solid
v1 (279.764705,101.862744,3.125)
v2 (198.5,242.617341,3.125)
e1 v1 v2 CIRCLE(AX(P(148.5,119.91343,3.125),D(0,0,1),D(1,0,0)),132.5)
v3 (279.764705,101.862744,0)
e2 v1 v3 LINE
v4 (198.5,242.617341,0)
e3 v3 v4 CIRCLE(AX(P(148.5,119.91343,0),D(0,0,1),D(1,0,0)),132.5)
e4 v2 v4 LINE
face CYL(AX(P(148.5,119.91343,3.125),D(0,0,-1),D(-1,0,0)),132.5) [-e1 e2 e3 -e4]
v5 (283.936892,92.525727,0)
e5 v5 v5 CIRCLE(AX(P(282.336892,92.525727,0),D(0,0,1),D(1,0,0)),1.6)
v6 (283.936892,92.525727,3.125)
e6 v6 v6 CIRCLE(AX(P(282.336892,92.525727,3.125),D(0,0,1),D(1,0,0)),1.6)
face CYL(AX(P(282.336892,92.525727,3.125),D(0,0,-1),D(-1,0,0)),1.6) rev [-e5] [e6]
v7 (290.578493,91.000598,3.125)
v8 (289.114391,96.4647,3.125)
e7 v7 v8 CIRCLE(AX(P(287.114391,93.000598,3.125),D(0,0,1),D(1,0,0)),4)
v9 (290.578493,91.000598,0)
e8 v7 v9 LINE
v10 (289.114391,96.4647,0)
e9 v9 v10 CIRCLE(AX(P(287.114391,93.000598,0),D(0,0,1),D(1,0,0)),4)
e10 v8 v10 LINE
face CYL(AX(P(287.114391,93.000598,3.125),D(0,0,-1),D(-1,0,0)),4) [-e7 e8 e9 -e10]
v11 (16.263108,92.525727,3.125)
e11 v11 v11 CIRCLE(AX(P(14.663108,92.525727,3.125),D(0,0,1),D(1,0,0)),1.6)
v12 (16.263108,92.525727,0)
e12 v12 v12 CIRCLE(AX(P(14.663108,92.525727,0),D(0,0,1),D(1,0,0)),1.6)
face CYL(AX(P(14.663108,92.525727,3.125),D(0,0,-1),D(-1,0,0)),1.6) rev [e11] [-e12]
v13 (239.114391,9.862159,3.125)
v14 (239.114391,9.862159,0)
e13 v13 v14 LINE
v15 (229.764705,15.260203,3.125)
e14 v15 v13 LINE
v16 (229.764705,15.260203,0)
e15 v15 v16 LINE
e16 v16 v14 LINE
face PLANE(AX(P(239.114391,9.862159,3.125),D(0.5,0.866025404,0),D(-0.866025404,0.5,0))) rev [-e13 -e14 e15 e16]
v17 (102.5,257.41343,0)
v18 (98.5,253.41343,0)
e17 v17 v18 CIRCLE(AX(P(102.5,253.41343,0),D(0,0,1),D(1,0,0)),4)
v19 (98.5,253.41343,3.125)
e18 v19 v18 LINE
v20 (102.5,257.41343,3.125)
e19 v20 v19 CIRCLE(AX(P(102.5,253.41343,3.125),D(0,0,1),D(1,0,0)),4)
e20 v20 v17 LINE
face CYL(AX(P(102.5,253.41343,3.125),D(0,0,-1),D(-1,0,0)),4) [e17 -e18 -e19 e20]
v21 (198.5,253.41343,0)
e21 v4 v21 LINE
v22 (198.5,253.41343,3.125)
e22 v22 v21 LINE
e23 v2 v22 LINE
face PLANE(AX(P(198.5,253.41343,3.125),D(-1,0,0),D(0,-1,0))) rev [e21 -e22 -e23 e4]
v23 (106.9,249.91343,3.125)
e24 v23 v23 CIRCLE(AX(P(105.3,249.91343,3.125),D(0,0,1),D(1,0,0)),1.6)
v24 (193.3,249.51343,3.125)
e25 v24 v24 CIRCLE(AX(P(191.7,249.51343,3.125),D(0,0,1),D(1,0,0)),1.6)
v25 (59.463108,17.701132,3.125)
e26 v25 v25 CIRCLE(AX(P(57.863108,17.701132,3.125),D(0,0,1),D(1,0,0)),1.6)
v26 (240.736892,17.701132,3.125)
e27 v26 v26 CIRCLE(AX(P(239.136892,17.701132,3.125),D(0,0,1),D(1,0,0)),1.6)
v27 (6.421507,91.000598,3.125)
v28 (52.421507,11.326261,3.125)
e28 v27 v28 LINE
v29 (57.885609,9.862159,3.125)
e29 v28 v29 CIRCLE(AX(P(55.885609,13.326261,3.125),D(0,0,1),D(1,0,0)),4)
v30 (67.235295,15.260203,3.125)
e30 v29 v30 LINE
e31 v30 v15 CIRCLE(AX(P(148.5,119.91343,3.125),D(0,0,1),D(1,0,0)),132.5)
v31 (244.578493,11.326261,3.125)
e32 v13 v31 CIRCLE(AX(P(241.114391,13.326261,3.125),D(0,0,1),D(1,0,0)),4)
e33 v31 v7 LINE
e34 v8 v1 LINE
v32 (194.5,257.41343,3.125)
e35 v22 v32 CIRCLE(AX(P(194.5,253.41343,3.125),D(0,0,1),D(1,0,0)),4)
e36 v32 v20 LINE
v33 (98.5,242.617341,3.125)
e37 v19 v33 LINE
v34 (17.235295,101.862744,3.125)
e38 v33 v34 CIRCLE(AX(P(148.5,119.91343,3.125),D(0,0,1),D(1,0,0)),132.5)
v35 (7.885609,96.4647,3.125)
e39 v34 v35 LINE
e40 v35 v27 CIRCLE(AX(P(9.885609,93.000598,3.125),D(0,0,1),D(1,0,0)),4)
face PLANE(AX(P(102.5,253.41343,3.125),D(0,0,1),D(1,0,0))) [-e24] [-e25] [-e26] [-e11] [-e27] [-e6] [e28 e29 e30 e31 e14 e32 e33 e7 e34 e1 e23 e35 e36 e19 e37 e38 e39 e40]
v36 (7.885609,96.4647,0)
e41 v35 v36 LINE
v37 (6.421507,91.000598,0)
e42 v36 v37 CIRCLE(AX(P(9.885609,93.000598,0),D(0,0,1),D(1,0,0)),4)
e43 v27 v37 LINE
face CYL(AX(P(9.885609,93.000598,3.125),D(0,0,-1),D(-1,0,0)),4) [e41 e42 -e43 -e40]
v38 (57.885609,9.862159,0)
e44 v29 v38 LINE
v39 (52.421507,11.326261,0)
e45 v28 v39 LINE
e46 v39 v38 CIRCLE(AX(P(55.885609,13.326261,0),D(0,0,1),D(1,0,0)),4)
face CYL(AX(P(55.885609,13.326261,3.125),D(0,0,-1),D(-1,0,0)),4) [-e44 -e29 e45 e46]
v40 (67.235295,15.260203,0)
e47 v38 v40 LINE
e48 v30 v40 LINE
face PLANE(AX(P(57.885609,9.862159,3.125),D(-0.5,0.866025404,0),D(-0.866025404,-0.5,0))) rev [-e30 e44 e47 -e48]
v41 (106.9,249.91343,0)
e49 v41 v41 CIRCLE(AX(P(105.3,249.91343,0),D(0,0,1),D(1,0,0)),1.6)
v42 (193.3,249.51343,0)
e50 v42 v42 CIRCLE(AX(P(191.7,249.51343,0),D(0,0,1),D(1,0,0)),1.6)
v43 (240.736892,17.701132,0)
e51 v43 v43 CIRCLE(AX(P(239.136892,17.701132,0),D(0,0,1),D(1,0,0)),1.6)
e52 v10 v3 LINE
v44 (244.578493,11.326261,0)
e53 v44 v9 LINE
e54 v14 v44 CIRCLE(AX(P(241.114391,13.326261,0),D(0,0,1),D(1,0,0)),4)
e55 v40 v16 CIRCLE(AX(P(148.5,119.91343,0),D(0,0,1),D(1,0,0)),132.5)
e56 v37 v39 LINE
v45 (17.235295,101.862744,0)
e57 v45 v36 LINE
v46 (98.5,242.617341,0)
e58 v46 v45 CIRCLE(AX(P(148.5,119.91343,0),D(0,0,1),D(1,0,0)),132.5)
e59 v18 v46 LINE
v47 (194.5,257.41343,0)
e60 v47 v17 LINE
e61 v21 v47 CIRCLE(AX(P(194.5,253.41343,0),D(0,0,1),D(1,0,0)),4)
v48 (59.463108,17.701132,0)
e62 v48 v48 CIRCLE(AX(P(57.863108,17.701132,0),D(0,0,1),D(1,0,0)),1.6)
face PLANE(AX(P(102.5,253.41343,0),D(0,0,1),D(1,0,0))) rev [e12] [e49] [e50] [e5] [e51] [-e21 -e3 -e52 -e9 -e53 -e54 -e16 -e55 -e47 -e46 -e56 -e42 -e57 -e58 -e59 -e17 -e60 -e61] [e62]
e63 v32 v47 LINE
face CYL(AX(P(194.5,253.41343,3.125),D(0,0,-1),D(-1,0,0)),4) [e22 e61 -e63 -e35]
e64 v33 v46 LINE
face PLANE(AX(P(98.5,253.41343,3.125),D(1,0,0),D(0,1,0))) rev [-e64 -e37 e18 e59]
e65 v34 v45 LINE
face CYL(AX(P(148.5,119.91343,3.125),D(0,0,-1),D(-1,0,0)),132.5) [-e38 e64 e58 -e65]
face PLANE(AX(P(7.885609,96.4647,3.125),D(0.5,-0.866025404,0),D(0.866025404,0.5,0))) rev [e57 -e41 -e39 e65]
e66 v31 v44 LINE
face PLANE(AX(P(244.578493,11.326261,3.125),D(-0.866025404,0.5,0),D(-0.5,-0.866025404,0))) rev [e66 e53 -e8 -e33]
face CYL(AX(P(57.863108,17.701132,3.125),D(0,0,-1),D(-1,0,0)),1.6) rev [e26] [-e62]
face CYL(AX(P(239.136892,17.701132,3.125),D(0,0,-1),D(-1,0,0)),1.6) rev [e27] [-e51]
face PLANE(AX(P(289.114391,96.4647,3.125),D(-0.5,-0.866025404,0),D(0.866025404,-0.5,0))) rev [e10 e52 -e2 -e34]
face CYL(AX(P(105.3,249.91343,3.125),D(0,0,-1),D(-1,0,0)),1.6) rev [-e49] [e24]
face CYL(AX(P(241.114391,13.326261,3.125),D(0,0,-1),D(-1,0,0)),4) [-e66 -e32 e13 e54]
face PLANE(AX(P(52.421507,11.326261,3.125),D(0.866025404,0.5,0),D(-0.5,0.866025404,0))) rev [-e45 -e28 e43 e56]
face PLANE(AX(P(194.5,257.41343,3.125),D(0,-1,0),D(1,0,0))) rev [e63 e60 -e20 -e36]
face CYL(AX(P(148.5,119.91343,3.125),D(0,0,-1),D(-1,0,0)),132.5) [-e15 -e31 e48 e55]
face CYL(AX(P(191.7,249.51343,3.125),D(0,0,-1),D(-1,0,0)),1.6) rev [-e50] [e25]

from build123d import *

# Parameters (mm, degrees)
MODEL_R             = 1.6
BOSS_EXTRUDE1_DEPTH = 3.125


with BuildPart() as part:
    # Model → Boss-Extrude1 (new body)
    with BuildSketch(Plane.XY):
        with BuildLine():
            Line((194.5, 257.413429511), (102.5, 257.413429511))
            ThreePointArc((102.5, 257.413429511), (99.671572875, 256.241856636), (98.5, 253.413429511))
            Line((98.5, 253.413429511), (98.5, 242.617341429))
            ThreePointArc((98.5, 242.617341429), (33.751633999, 186.163429511), (17.235295135, 101.862743741))
            Line((17.235295135, 101.862743741), (7.885608595, 96.4646997))
            ThreePointArc((7.885608595, 96.4646997), (6.02190529, 94.035874265), (6.42150698, 91.000598085))
            Line((6.42150698, 91.000598085), (52.42150698, 11.326260937))
            ThreePointArc((52.42150698, 11.326260937), (54.850332414, 9.462557632), (57.885608595, 9.862159322))
            Line((57.885608595, 9.862159322), (67.235295135, 15.260203363))
            ThreePointArc((67.235295135, 15.260203363), (148.5, -12.586570489), (229.764704865, 15.260203363))
            Line((229.764704865, 15.260203363), (239.114391405, 9.862159322))
            ThreePointArc((239.114391405, 9.862159322), (242.149667586, 9.462557632), (244.57849302, 11.326260937))
            Line((244.57849302, 11.326260937), (290.57849302, 91.000598085))
            ThreePointArc((290.57849302, 91.000598085), (290.97809471, 94.035874265), (289.114391405, 96.4646997))
            Line((289.114391405, 96.4646997), (279.764704865, 101.862743741))
            ThreePointArc((279.764704865, 101.862743741), (263.248366001, 186.163429511), (198.5, 242.617341429))
            Line((198.5, 242.617341429), (198.5, 253.413429511))
            ThreePointArc((198.5, 253.413429511), (197.328427125, 256.241856636), (194.5, 257.413429511))
        make_face()
        with Locations((105.3, 249.913429511)):
            Circle(MODEL_R, mode=Mode.SUBTRACT)
        with Locations((191.7, 249.513429511)):
            Circle(MODEL_R, mode=Mode.SUBTRACT)
        with Locations((282.33689233, 92.525726954)):
            Circle(MODEL_R, mode=Mode.SUBTRACT)
        with Locations((239.13689233, 17.701132067)):
            Circle(MODEL_R, mode=Mode.SUBTRACT)
        with Locations((14.66310767, 92.525726954)):
            Circle(MODEL_R, mode=Mode.SUBTRACT)
        with Locations((57.86310767, 17.701132067)):
            Circle(MODEL_R, mode=Mode.SUBTRACT)
    extrude(amount=BOSS_EXTRUDE1_DEPTH)


solid = part.part
